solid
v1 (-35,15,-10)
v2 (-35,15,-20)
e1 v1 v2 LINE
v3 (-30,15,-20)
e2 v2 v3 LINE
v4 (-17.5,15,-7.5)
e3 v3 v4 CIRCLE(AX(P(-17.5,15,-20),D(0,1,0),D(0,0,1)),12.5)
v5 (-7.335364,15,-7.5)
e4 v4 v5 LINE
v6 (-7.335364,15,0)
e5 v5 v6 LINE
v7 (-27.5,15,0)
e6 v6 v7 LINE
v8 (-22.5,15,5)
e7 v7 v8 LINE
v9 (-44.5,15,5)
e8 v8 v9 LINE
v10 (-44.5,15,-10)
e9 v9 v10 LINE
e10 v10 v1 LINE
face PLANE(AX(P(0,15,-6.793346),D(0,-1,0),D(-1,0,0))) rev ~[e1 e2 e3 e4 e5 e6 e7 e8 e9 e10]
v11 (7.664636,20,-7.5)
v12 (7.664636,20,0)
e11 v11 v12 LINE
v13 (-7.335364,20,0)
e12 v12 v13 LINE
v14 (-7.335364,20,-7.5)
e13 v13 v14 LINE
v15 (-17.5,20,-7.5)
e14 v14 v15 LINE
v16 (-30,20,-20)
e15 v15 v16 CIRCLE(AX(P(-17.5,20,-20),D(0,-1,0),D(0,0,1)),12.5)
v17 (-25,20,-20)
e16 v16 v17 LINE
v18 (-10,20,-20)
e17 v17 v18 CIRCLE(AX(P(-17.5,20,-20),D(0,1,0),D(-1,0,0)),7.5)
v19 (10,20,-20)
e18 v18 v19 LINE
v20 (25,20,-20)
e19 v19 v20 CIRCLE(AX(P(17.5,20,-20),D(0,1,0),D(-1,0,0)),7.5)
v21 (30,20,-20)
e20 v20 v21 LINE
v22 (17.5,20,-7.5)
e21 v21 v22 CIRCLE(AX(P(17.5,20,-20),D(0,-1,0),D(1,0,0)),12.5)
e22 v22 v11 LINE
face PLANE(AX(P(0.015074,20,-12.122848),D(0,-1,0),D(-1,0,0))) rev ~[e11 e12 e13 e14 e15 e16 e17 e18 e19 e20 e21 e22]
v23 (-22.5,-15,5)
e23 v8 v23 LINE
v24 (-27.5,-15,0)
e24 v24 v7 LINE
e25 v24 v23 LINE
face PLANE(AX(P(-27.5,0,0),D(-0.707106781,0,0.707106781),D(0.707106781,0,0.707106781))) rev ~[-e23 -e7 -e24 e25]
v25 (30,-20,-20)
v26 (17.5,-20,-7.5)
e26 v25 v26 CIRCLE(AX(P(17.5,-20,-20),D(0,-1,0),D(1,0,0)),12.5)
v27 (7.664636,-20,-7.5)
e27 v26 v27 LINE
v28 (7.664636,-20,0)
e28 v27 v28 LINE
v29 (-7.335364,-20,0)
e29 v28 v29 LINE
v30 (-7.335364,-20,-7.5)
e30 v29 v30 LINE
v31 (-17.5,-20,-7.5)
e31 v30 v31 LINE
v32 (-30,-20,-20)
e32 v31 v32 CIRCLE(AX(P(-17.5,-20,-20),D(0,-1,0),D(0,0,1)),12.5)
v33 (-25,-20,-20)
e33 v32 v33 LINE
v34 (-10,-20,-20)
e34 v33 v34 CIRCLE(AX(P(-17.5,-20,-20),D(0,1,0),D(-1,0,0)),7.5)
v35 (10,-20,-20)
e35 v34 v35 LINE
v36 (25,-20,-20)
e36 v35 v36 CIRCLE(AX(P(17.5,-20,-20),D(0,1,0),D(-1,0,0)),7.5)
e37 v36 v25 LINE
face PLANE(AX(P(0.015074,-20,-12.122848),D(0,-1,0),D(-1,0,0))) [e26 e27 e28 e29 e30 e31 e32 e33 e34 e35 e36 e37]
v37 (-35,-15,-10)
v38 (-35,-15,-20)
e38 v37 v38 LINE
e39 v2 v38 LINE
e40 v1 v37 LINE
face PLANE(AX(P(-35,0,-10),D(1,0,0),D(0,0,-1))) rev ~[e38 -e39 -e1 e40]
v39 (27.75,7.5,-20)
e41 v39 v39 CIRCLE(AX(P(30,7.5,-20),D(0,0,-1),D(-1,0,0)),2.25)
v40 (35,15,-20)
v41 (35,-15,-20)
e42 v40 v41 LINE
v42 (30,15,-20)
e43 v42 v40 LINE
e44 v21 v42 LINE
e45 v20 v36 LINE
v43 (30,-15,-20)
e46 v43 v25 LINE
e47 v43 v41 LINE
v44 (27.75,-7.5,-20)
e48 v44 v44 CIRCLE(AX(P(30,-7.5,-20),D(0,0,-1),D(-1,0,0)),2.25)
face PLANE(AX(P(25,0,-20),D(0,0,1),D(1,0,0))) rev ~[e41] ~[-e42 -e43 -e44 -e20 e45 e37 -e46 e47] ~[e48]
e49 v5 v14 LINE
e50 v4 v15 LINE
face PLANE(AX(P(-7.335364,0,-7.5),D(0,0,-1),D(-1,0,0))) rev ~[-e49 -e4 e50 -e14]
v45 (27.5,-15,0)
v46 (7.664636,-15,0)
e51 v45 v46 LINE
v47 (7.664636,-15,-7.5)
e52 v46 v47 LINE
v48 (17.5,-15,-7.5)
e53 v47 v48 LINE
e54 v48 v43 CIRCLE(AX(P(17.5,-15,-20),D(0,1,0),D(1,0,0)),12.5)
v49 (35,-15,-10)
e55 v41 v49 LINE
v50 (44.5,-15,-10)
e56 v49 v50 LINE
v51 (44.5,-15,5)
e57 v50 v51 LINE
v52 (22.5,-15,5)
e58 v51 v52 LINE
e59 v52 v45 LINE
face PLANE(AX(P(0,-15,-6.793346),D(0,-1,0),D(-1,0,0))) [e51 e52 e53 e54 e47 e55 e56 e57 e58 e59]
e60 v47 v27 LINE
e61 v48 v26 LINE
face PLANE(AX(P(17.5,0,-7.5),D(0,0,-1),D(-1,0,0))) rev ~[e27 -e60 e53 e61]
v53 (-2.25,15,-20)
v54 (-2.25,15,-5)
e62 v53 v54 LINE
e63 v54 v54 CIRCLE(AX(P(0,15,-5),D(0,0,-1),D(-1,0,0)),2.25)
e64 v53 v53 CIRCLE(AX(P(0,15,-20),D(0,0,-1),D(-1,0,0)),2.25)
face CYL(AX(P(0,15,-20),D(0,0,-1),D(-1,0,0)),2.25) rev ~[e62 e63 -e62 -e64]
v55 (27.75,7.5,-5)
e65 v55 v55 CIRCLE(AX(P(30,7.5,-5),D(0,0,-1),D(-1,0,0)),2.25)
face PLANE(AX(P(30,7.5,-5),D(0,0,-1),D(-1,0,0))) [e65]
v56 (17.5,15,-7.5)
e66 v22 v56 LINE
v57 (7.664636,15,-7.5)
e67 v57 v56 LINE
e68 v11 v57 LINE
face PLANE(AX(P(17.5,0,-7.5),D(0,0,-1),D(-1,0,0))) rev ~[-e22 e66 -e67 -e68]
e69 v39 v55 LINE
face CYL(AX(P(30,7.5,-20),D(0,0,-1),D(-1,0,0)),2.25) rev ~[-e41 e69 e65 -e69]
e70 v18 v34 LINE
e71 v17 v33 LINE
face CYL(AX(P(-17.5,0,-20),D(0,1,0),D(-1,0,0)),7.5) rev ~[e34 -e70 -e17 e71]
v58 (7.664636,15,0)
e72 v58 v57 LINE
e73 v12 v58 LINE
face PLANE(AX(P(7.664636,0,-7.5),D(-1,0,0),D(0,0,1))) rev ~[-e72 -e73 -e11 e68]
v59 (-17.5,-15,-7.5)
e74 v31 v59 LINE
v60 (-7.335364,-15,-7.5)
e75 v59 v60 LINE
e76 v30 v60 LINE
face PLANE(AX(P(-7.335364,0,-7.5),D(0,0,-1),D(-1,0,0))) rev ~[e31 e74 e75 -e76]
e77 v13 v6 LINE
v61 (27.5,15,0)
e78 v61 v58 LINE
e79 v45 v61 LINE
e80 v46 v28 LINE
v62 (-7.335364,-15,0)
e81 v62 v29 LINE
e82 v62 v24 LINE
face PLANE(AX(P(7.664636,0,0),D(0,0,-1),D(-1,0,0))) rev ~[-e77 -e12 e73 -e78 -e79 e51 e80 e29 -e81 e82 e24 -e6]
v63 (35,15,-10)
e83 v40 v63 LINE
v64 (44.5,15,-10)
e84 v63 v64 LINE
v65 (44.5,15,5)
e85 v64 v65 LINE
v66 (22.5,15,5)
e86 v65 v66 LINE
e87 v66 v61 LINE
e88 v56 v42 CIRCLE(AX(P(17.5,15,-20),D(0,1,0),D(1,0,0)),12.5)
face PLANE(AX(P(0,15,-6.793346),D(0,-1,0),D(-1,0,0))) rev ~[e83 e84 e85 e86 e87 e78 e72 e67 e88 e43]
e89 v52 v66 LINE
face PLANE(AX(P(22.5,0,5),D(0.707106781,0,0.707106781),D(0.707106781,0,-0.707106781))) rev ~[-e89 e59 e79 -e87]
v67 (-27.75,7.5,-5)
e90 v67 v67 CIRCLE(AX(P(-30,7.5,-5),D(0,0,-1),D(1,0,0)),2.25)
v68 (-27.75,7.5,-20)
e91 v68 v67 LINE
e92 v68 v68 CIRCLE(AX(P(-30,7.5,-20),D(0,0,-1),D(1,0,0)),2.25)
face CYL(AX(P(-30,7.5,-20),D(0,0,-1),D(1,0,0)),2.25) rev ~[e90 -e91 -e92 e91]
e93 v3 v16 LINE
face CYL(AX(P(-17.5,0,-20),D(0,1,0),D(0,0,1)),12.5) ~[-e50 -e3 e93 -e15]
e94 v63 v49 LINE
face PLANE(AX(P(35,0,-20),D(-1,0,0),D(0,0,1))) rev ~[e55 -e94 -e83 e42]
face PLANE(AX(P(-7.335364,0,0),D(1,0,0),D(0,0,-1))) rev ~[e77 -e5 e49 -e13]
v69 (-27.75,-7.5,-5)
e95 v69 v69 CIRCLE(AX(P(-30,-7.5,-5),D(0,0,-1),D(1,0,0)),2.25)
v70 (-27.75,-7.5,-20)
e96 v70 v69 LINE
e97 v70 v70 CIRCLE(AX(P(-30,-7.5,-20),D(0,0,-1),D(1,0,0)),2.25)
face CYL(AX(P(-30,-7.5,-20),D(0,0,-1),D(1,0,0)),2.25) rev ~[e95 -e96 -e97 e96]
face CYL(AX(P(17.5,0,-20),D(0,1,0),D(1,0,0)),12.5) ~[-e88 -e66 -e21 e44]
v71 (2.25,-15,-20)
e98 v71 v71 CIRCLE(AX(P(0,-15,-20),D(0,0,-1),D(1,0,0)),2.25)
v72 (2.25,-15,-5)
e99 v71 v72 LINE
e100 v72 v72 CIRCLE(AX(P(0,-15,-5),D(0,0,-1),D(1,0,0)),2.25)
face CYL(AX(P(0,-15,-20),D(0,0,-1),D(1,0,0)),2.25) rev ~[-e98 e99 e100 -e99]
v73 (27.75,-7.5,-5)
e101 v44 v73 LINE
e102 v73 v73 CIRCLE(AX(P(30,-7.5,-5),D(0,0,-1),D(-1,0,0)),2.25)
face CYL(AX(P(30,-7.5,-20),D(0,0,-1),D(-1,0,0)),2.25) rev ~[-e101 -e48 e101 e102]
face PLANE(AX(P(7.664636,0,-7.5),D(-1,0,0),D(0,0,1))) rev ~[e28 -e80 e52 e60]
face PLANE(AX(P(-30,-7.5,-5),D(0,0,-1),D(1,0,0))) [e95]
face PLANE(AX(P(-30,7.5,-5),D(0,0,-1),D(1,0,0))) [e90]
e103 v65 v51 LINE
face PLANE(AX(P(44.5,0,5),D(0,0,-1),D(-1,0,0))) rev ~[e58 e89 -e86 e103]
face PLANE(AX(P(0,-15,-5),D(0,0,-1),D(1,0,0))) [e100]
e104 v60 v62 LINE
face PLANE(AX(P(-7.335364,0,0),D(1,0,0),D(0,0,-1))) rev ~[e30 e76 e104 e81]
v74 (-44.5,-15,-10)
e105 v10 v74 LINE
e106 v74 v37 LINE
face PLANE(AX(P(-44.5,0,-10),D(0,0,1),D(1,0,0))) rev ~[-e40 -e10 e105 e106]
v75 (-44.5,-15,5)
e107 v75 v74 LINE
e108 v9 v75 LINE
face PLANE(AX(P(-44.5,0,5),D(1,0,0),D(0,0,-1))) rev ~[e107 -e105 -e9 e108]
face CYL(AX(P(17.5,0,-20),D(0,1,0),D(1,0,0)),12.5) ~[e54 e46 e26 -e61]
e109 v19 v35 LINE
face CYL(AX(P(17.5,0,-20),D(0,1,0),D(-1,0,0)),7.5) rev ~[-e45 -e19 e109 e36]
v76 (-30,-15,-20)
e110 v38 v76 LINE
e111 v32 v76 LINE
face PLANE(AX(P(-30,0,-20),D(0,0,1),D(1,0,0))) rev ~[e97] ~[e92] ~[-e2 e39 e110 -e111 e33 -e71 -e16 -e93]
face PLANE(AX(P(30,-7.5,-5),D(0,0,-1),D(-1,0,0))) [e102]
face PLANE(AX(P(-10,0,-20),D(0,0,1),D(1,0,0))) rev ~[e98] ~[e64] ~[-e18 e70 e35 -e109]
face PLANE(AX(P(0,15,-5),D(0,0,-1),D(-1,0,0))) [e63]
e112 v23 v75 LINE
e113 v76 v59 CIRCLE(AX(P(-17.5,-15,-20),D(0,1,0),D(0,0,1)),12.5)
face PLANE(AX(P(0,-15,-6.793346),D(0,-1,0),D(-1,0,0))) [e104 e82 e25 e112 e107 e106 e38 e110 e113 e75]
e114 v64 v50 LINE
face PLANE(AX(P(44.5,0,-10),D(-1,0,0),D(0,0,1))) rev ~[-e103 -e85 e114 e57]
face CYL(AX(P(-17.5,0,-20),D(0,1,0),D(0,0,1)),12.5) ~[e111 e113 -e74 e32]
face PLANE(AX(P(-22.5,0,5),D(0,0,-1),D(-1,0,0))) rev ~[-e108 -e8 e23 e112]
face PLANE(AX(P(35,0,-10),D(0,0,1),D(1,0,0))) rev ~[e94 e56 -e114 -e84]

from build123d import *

# Parameters (mm, degrees)
BOSS_EXTRUDE1_DEPTH = 15
BOSS_EXTRUDE2_DEPTH = 20
SKETCH3_R           = 2.25
CUT_EXTRUDE1_DEPTH  = 15


with BuildPart() as part:
    # Sketch1 → Boss-Extrude1 (new, symmetric)
    with BuildSketch(Plane(origin=(0, 0, 0), x_dir=(1, 0, 0), z_dir=(0, 1, 0))):
        with BuildLine():
            Line((0, 0), (-27.5, 0))
            Line((-27.5, 0), (-22.5, -5))
            Line((-22.5, -5), (-44.5, -5))
            Line((-44.5, -5), (-44.5, 10))
            Line((-44.5, 10), (-35, 10))
            Line((-35, 10), (-35, 20))
            Line((-35, 20), (-25, 20))
            ThreePointArc((-25, 20), (-17.5, 12.5), (-10, 20))
            Line((-10, 20), (10, 20))
            ThreePointArc((10, 20), (17.5, 12.5), (25, 20))
            Line((25, 20), (35, 20))
            Line((35, 20), (35, 10))
            Line((35, 10), (44.5, 10))
            Line((44.5, 10), (44.5, -5))
            Line((44.5, -5), (22.5, -5))
            Line((22.5, -5), (27.5, 0))
            Line((27.5, 0), (0, 0))
        make_face()
    extrude(amount=BOSS_EXTRUDE1_DEPTH, both=True)

    # Sketch2 → Boss-Extrude2 (add, symmetric)
    with BuildSketch(Plane(origin=(0, 0, 0), x_dir=(1, 0, 0), z_dir=(0, 1, 0))):
        with BuildLine():
            Line((-30, 20), (-25, 20))
            ThreePointArc((-25, 20), (-17.5, 12.5), (-10, 20))
            Line((-10, 20), (5, 20))
            Line((5, 20), (10, 20))
            ThreePointArc((10, 20), (17.5, 12.5), (25, 20))
            Line((25, 20), (30, 20))
            ThreePointArc((30, 20), (26.338834765, 11.161165235), (17.5, 7.5))
            Line((17.5, 7.5), (7.664635512, 7.5))
            Line((7.664635512, 7.5), (7.664635512, 0))
            Line((7.664635512, 0), (-7.335364488, 0))
            Line((-7.335364488, 0), (-7.335364488, 7.5))
            Line((-7.335364488, 7.5), (-17.5, 7.5))
            ThreePointArc((-17.5, 7.5), (-26.338834765, 11.161165235), (-30, 20))
        make_face()
    extrude(amount=BOSS_EXTRUDE2_DEPTH, both=True)

    # Sketch3 → Cut-Extrude1 (cut)
    with BuildSketch(Plane(origin=(0, 0, -20), x_dir=(-1, 0, 0), z_dir=(0, 0, -1))):
        with Locations((0, 15)):
            Circle(SKETCH3_R)
        with Locations((-30, 7.5)):
            Circle(SKETCH3_R)
        with Locations((-30, -7.5)):
            Circle(SKETCH3_R)
        with Locations(Location((30, -7.5, 0), (0, 0, 180))):
            Circle(SKETCH3_R)
        with Locations(Location((30, 7.5, 0), (0, 0, 180))):
            Circle(SKETCH3_R)
        with Locations(Location((0, -15, 0), (0, 0, 180))):
            Circle(SKETCH3_R)
    extrude(amount=-CUT_EXTRUDE1_DEPTH, mode=Mode.SUBTRACT)


solid = part.part
